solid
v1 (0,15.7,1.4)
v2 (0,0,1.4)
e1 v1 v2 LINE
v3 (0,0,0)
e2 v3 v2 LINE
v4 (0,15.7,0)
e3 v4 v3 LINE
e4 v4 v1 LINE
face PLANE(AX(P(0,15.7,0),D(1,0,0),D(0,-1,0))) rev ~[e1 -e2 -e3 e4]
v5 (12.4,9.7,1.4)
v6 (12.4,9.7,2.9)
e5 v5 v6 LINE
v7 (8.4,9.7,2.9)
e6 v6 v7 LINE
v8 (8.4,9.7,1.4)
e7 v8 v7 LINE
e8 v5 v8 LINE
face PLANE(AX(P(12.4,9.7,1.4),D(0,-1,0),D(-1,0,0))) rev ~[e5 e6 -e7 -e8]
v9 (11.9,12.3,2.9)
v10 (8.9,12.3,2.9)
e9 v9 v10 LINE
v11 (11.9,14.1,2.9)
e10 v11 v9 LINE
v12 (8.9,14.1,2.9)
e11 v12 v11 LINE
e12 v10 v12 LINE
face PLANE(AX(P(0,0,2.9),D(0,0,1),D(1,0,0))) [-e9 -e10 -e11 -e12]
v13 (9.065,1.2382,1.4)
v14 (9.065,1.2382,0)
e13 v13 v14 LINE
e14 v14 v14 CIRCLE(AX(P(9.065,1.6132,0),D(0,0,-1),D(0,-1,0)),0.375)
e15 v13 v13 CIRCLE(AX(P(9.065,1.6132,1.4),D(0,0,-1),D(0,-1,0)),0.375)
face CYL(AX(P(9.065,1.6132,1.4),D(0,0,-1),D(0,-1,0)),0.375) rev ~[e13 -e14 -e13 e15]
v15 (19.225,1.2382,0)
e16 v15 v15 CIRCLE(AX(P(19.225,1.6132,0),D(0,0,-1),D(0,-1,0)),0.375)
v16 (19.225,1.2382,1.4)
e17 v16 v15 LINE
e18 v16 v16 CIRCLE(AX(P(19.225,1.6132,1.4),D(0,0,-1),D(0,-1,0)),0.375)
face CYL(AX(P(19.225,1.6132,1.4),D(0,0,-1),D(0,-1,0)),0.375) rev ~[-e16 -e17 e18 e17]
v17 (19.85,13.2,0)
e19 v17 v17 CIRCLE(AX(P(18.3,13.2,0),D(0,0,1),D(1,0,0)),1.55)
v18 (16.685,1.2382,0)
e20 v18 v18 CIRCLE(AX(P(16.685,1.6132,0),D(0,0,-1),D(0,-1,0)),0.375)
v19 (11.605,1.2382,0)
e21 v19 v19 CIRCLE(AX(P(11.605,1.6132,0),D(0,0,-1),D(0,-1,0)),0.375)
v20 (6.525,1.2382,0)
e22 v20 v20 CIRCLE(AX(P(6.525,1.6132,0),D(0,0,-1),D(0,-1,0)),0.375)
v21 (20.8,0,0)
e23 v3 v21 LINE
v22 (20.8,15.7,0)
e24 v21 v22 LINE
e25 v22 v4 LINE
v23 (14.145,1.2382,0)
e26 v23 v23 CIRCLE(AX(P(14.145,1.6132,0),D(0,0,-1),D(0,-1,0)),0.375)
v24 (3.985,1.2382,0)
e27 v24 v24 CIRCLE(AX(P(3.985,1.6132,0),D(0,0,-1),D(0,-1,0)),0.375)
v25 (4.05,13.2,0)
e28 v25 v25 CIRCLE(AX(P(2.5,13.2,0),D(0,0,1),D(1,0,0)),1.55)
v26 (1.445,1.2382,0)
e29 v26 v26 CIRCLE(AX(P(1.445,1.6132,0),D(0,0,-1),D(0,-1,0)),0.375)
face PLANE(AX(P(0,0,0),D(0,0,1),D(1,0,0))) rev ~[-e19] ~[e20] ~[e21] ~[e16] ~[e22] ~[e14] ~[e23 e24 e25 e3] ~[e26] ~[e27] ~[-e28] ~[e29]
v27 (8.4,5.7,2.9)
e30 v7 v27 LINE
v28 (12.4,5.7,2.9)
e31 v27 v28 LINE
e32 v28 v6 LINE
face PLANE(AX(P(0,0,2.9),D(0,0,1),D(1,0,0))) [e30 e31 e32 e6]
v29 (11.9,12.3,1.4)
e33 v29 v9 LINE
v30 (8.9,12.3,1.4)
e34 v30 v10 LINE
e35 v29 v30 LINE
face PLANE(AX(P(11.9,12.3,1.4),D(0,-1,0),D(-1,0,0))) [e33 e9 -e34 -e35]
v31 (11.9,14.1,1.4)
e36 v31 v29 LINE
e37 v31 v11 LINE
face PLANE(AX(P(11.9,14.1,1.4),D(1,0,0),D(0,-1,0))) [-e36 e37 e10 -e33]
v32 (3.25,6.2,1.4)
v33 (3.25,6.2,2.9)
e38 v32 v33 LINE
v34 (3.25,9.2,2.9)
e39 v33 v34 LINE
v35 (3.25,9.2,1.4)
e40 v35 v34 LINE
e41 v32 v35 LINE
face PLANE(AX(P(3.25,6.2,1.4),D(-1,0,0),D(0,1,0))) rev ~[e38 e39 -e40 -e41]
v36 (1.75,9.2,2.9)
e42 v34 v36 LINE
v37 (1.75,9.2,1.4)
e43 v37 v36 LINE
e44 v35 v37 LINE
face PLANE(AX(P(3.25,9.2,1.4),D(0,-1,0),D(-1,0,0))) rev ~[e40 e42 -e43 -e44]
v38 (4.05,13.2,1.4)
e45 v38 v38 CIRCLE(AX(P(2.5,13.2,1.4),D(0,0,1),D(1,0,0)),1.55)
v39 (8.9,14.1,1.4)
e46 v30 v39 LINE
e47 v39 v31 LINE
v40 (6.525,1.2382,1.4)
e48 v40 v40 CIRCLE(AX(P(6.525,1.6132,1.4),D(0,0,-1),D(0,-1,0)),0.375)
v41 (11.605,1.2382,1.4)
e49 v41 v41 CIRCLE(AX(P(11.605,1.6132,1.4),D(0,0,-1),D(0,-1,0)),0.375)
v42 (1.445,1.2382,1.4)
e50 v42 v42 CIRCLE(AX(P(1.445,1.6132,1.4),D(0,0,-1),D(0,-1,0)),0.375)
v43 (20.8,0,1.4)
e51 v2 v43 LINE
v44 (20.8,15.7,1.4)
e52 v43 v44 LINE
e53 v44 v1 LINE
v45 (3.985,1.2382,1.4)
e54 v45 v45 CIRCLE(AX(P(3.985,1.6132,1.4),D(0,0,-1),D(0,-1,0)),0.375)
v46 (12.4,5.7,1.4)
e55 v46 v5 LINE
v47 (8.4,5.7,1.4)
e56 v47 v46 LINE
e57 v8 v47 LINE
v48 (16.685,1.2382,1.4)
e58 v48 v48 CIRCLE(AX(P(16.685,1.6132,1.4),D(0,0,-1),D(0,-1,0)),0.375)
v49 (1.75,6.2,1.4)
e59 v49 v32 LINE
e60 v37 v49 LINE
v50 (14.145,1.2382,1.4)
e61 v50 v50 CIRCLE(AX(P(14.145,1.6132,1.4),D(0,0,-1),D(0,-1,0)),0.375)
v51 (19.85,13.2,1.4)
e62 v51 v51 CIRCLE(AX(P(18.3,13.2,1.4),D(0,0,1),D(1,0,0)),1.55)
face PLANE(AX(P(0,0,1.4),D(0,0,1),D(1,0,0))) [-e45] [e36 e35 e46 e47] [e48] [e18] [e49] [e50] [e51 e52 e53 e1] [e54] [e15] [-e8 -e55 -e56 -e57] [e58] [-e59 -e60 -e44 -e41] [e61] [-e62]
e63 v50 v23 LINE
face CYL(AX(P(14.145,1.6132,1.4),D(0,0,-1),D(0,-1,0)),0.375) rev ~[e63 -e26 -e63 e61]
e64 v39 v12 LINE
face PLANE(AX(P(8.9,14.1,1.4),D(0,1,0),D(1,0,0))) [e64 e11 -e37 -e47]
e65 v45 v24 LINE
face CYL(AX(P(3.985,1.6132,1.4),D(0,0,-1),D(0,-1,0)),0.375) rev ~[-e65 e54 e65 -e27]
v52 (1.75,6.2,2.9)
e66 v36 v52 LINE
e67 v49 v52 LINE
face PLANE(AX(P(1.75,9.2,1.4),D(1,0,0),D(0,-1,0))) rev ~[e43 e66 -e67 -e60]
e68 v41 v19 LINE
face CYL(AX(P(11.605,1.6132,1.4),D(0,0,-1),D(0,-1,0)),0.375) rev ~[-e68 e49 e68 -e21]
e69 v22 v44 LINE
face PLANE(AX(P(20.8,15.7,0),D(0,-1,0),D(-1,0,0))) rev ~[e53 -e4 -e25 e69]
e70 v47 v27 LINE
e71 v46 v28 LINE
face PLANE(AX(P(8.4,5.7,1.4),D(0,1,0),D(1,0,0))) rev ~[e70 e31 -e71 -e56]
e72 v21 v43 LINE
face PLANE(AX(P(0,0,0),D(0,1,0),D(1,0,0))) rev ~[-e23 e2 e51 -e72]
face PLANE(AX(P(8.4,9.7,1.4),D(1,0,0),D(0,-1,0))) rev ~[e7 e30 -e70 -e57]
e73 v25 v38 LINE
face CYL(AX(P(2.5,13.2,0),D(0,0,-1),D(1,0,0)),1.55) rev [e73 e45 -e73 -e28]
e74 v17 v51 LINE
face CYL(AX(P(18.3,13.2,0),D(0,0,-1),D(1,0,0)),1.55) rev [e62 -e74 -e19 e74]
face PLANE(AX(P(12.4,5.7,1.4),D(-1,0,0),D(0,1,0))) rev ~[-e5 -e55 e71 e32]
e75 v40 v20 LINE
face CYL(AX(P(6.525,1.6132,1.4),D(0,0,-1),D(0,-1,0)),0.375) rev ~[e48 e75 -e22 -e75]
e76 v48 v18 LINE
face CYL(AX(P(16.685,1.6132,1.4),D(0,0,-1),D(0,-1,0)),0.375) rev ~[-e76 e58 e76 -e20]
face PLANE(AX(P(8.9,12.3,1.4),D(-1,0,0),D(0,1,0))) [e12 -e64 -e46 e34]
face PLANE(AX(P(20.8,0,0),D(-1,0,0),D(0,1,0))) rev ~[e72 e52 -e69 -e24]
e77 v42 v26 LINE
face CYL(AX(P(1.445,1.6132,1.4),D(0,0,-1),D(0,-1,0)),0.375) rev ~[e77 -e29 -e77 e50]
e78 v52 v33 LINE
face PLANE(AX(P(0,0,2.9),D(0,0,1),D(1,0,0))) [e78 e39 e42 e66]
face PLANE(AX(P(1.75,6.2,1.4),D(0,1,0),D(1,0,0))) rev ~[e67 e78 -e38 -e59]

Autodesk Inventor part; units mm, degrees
ref_plane "YZ Plane" through (0, 0, 0) normal (1, 0, 0) x (0, 1, 0)
ref_plane "XZ Plane" through (0, 0, 0) normal (0, 1, 0) x (-1, 0, 0)
ref_plane "XY Plane" through (0, 0, 0) normal (0, 0, 1) x (1, 0, 0)
sketch "Skizze1" plane through (0, 0, 0) normal (0, 0, 1) x (1, 0, 0)
  line L0 (0, 0) -> (20.8, 0)
  line L1 (20.8, 0) -> (20.8, 15.7)
  line L2 (20.8, 15.7) -> (0, 15.7)
  line L3 (0, 15.7) -> (0, 0)
  circle A0 centre (2.5, 13.2) radius 1.55
  circle A1 centre (18.3, 13.2) radius 1.55
  dimension "d0" = 20.8
  dimension "d1" = 15.7
  dimension "d2" = 2.5
  dimension "d3" = 2.5
  dimension "d4" = 2.5
  dimension "d5" = 2.5
  dimension "d6" = 3.1
  dimension "d7" = 3.1
extrude "Grundkörper" add sketch "Skizze1" along normal blind 1.4
sketch "Skizze2" plane through (0, 0, 1.4) normal (0, 0, 1) x (1, 0, 0)
  line L0 (8.4, 5.7) -> (12.4, 5.7)
  line L1 (12.4, 5.7) -> (12.4, 9.7)
  line L2 (12.4, 9.7) -> (8.4, 9.7)
  line L3 (8.4, 9.7) -> (8.4, 5.7)
  line L4 (20.8, 0) -> (20.8, 15.7) projected
  line L5 (20.8, 15.7) -> (0, 15.7) projected
  line L6 (1.75, 6.2) -> (3.25, 6.2)
  line L7 (3.25, 6.2) -> (3.25, 9.2)
  line L8 (3.25, 9.2) -> (1.75, 9.2)
  line L9 (1.75, 9.2) -> (1.75, 6.2)
  line L10 (12.4, 7.7) -> (8.4, 7.7) construction
  line L11 (3.25, 7.7) -> (1.75, 7.7) construction
  line L12 (0, 15.7) -> (0, 0) construction
  line L13 (8.9, 14.1) -> (11.9, 14.1)
  line L14 (11.9, 14.1) -> (11.9, 12.3)
  line L15 (11.9, 12.3) -> (8.9, 12.3)
  line L16 (8.9, 12.3) -> (8.9, 14.1)
  line L17 (10.4, 15.7) -> (10.4, 0) construction
  line L18 (0, 0) -> (20.8, 0) construction
  line L19 (10.4, 9.7) -> (10.4, 5.7) construction
  circle A0 centre (2.5, 13.2) radius 1.55 construction
  circle A1 centre (18.3, 13.2) radius 1.55 construction
  line L20 (2.5, 13.2) -> (18.3, 13.2) construction
  line L21 (10.4, 14.1) -> (10.4, 12.3) construction
  line L22 (8.9, 13.2) -> (11.9, 13.2) construction
  line L23 (2.5, 13.2) -> (2.5, 11.65) construction
  line L24 (2.5, 9.2) -> (2.5, 6.2) construction
  dimension "d10" = 4
  dimension "d11" = 4
  dimension "d13" = 6
  dimension "d14" = 3
  dimension "d15" = 1.5
  dimension "d17" = 1.8
  dimension "d18" = 3
extrude "SMDs" add sketch "Skizze2" along normal blind 1.5
sketch "Skizze3" plane through (0, 0, 1.4) normal (0, 0, 1) x (1, 0, 0)
  line L0 (20.8, 15.7) -> (0, 15.7) construction
  line L1 (10.4, 15.7) -> (10.4, 0) construction
  line L2 (0, 0) -> (20.8, 0) construction
  line L3 (0, 15.7) -> (0, 0) construction
  line L4 (0, 1.6) -> (20.8, 1.6) construction
  line L5 (20.8, 0) -> (20.8, 15.7) construction
  point P0 (19.225, 1.6132)
  point P1 (16.685, 1.6132)
  point P2 (14.145, 1.6132)
  point P3 (11.605, 1.6132)
  point P4 (9.065, 1.6132)
  point P5 (6.525, 1.6132)
  point P6 (3.985, 1.6132)
  point P7 (1.445, 1.6132)
  dimension "d28" = 14.1
  dimension "d29" = 17.65
  dimension "d33" = 2.54
hole "Bohrung1" at (19.225, 1.6132, 1.4) at (16.685, 1.6132, 1.4) at (14.145, 1.6132, 1.4) at (11.605, 1.6132, 1.4) at (9.065, 1.6132, 1.4) at (6.525, 1.6132, 1.4) at (3.985, 1.6132, 1.4) at (1.445, 1.6132, 1.4) direction (0, 0, -1) diameter 0.75 end through all
ref_plane "Work Plane1" through (0, 0, 0.7) normal (0, 0, 1) x (1, 0, 0)
properties part number "GY_521"
